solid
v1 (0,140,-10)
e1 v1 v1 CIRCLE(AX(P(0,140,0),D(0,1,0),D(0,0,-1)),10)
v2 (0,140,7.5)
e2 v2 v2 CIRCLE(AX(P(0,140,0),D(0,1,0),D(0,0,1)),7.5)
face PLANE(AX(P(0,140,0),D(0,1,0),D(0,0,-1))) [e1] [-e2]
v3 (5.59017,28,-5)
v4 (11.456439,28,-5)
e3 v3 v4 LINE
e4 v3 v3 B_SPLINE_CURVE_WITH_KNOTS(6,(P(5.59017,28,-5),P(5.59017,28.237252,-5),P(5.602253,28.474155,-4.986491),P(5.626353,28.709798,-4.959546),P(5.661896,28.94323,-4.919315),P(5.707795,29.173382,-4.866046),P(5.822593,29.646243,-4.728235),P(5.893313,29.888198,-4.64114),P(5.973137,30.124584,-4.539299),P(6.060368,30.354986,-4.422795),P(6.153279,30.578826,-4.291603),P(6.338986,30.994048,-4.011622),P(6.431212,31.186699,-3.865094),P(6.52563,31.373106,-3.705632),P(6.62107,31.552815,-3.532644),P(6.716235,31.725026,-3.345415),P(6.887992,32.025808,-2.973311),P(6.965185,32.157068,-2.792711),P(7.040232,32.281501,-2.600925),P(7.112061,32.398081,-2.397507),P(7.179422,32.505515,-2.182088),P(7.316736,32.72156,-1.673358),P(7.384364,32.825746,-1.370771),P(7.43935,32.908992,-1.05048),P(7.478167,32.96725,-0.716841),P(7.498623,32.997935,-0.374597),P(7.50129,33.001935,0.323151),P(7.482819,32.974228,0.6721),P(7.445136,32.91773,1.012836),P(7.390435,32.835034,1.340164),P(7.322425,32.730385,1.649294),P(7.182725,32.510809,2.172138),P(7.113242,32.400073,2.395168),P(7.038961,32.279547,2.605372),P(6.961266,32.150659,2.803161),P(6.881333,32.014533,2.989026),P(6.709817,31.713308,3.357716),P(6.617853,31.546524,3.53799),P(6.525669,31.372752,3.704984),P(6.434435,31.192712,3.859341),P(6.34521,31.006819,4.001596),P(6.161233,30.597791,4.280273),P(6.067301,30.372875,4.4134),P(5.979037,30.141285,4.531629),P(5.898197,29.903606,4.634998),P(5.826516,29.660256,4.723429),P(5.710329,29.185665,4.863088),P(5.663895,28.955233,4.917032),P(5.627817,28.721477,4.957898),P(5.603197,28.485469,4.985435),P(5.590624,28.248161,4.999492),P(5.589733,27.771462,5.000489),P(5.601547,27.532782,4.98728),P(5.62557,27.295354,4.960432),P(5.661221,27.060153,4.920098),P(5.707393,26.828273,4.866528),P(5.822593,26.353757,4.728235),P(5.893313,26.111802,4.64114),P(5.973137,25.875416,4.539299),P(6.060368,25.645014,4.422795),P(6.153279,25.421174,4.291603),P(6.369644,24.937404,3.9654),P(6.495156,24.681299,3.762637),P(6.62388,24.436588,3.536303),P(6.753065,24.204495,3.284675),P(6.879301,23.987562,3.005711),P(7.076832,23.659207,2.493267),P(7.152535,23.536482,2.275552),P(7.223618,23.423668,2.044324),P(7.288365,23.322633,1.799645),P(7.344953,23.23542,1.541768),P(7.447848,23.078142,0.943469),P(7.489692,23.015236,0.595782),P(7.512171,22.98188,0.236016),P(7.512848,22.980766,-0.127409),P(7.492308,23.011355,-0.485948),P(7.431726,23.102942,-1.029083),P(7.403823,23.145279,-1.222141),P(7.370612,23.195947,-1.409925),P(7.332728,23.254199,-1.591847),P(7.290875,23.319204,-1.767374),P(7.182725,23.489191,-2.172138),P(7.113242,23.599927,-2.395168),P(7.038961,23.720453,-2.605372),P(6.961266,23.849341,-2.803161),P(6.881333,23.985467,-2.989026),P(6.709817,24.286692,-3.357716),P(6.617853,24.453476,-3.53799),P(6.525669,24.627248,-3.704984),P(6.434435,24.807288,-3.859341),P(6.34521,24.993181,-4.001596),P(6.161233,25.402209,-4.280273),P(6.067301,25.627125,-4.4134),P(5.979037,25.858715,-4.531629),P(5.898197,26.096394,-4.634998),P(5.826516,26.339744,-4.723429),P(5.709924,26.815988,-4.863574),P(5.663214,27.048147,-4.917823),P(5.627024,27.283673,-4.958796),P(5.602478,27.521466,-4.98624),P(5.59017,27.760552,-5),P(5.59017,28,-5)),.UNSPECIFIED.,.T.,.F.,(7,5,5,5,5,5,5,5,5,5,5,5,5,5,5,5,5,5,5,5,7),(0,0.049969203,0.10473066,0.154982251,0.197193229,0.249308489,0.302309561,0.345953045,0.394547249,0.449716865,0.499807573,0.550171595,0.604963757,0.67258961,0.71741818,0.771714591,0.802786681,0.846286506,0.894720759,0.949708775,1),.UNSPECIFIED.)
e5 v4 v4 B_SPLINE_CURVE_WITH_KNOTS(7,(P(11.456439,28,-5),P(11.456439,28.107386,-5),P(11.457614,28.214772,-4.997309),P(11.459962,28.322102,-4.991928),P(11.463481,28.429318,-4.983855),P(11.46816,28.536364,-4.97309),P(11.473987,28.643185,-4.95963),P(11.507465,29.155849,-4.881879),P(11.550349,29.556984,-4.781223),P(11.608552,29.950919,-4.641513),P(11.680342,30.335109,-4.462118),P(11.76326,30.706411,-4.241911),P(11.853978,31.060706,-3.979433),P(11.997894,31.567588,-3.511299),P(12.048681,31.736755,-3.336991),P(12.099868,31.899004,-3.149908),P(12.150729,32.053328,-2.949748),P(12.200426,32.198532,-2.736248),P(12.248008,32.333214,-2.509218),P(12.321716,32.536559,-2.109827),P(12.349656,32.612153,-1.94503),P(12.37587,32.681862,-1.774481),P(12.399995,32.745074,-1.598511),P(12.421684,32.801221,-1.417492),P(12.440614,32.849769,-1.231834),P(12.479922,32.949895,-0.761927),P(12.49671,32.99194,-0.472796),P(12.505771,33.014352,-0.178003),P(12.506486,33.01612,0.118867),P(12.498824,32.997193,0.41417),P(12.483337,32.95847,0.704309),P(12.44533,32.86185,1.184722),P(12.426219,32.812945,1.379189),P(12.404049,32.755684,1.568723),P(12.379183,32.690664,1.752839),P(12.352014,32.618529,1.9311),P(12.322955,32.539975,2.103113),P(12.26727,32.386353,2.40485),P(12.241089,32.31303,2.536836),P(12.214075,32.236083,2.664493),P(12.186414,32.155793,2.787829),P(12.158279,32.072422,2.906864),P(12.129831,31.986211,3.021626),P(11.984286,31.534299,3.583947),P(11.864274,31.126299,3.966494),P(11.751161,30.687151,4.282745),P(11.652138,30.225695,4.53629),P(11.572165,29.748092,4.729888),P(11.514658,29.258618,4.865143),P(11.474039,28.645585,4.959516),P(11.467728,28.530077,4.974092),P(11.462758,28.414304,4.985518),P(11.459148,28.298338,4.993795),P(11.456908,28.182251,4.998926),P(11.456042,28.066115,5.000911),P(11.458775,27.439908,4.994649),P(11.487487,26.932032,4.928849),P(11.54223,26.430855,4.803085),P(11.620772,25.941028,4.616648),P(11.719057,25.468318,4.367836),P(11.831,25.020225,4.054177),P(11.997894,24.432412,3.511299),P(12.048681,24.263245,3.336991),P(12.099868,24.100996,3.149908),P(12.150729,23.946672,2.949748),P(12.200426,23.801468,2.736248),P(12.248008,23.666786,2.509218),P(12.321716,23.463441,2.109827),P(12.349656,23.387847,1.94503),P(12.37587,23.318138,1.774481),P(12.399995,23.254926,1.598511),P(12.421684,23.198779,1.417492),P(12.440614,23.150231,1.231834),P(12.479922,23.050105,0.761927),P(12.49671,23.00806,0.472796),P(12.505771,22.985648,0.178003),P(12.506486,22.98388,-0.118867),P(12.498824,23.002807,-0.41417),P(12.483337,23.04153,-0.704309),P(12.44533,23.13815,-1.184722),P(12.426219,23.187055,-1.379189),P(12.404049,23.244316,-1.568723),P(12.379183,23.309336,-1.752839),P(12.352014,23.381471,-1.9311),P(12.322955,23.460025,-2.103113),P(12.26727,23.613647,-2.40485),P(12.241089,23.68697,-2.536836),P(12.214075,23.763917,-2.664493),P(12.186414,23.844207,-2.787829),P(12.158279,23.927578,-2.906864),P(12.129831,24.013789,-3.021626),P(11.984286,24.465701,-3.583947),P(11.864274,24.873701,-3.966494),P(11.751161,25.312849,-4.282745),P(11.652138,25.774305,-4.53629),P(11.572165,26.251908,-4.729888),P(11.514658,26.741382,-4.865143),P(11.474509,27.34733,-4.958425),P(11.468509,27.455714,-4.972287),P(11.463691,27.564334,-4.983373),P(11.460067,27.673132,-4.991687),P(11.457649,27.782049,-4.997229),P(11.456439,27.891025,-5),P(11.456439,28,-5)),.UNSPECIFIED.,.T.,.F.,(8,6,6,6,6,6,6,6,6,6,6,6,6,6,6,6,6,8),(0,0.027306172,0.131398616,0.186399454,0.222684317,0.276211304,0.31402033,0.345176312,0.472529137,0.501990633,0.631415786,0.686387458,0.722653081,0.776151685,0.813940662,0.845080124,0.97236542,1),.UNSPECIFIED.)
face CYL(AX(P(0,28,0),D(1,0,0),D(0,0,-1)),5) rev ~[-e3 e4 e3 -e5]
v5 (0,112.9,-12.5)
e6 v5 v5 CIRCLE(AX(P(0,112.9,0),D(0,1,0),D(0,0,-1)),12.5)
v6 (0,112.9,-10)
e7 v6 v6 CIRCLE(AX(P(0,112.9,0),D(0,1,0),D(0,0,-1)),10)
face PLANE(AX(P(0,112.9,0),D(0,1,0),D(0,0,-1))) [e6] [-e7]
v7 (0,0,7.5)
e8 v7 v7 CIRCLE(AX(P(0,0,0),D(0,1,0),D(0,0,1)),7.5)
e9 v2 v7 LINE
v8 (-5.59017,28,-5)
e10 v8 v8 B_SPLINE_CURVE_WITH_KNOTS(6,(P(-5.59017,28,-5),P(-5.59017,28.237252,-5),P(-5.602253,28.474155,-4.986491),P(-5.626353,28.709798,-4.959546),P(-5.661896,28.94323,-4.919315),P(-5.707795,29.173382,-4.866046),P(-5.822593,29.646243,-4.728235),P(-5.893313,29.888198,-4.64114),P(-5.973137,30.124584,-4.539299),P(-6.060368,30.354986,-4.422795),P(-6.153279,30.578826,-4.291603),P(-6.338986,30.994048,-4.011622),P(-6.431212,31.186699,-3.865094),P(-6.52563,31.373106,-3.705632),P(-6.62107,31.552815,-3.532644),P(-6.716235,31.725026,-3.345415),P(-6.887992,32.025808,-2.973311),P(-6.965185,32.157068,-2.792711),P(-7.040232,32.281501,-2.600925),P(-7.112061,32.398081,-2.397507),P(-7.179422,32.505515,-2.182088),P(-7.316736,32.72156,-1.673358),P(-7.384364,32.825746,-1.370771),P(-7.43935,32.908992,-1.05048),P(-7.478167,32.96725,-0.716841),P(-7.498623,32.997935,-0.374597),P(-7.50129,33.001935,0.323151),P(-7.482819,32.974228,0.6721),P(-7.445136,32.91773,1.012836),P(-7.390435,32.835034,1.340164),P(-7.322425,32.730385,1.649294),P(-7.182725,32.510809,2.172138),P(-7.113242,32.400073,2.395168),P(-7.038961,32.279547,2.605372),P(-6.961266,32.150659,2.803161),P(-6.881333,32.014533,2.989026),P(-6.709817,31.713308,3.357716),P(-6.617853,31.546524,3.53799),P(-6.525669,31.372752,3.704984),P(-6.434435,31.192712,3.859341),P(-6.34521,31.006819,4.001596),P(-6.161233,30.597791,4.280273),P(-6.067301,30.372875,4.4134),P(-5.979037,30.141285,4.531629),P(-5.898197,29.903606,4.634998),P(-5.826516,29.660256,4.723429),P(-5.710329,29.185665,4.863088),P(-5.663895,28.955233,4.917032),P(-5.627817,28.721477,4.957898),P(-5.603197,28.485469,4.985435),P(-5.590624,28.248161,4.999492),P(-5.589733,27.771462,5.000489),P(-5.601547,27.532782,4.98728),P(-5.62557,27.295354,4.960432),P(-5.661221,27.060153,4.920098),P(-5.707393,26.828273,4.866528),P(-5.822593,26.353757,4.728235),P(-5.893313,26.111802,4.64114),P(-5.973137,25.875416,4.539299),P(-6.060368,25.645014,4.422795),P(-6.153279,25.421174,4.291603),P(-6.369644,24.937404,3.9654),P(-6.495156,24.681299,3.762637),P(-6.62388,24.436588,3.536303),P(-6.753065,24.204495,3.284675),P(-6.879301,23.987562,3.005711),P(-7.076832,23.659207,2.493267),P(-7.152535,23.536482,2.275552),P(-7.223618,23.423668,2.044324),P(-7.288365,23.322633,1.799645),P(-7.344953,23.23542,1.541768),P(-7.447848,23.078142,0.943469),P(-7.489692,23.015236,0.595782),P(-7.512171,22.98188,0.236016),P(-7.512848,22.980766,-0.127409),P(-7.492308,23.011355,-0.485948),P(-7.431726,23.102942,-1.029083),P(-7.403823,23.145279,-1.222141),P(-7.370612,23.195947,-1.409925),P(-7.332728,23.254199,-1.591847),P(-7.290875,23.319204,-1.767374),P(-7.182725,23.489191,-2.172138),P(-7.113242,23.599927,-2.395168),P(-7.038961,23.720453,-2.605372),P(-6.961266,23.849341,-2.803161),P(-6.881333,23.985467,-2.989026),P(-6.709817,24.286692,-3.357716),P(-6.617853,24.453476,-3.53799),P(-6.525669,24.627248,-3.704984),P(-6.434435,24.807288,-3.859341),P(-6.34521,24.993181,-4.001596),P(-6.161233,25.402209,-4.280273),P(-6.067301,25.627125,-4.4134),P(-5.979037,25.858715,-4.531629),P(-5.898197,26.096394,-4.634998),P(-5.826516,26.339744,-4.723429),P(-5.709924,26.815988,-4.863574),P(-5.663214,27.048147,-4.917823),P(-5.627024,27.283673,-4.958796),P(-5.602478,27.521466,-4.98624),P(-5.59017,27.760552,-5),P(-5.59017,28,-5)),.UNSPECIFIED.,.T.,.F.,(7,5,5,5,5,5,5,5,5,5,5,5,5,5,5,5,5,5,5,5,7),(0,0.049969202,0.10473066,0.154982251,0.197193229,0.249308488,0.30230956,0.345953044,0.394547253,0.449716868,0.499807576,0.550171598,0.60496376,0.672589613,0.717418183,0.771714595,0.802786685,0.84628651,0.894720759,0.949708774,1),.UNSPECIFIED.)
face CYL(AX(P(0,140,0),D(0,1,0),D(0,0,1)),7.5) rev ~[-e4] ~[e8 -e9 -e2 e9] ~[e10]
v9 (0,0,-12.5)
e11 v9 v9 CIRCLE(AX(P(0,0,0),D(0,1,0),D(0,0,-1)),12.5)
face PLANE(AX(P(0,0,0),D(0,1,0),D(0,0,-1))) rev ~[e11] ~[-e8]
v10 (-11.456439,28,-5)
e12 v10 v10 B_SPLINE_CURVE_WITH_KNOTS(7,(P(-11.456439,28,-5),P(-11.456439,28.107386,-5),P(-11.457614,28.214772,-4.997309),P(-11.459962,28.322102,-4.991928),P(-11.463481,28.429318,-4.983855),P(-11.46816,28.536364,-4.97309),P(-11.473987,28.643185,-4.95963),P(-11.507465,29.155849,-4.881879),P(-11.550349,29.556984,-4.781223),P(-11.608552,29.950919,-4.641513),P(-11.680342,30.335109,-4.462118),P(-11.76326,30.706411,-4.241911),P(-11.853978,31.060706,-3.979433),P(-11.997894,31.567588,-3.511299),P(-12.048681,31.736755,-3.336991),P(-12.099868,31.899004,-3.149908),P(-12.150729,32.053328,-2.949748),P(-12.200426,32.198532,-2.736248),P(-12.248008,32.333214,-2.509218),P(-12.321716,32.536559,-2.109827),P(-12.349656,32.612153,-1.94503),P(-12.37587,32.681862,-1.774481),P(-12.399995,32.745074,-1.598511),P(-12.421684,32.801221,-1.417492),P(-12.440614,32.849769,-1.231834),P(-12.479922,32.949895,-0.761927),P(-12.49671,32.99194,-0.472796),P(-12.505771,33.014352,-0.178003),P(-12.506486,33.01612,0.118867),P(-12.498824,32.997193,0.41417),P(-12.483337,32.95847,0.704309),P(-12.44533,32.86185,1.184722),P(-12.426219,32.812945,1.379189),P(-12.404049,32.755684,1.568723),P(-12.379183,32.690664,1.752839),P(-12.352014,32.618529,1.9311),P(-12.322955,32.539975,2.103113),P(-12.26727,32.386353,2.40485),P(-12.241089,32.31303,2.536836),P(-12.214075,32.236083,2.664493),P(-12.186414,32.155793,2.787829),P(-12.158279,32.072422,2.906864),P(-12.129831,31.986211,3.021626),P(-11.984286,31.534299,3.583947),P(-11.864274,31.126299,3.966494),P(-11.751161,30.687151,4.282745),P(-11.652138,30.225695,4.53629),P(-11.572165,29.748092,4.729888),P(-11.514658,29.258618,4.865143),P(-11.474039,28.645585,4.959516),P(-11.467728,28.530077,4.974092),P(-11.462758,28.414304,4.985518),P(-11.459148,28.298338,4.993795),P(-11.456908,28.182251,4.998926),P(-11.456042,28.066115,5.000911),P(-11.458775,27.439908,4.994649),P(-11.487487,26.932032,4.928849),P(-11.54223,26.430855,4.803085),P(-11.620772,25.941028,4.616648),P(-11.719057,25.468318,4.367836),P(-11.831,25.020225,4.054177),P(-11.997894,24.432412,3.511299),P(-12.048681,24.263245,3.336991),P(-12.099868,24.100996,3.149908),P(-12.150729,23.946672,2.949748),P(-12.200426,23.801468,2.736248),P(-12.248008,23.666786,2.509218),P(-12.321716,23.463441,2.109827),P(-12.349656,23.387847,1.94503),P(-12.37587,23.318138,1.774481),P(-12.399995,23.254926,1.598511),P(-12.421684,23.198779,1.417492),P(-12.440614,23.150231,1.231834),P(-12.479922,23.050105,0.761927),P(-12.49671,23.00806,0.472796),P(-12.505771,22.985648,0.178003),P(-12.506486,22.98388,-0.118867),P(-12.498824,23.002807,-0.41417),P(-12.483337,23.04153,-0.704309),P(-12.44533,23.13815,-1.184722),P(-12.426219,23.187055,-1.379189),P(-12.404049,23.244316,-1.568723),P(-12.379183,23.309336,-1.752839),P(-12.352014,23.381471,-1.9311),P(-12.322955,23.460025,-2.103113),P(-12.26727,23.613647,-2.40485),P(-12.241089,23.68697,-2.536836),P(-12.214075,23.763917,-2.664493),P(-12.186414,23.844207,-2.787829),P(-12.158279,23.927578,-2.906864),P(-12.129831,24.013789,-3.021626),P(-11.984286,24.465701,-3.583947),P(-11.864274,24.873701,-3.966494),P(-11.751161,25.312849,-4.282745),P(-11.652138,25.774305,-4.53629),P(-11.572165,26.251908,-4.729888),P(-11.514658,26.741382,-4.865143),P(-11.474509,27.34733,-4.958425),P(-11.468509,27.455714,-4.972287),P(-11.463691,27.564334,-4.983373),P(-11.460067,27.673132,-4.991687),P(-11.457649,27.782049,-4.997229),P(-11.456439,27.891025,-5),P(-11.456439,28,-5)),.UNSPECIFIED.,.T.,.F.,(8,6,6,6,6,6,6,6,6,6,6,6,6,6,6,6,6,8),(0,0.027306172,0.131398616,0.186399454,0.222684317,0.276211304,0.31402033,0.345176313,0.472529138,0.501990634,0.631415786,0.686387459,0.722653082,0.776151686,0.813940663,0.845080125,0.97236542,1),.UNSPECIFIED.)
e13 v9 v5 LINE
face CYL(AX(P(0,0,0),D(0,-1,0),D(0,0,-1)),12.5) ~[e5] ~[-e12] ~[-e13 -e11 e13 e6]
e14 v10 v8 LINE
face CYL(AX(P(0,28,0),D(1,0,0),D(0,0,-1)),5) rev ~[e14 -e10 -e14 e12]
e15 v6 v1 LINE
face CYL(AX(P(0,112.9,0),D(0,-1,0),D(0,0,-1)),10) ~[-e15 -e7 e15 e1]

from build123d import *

# Parameters (mm, degrees)
ESBO_O1_R                = 12.5
RESSALTO_EXTRUS_O1_DEPTH = 112.9
ESBO_O2_R                = 10
RESSALTO_EXTRUS_O2_DEPTH = 27.1
ESBO_O3_R                = 7.5
CORTE_EXTRUS_O1_DEPTH    = 142.111657917
ESBO_O5_R                = 5
CORTE_EXTRUS_O2_DEPTH    = 15


with BuildPart() as part:
    # Esboço1 → Ressalto-extrusão1 (new body)
    with BuildSketch(Plane(origin=(0, 0, 0), x_dir=(1, 0, 0), z_dir=(0, 1, 0))):
        with Locations(Location((0, 0, 0), (0, 0, 90))):
            Circle(ESBO_O1_R)
    extrude(amount=RESSALTO_EXTRUS_O1_DEPTH)

    # Esboço2 → Ressalto-extrusão2 (add)
    with BuildSketch(Plane(origin=(0, 112.9, 0), x_dir=(1, 0, 0), z_dir=(0, 1, 0))):
        with Locations(Location((0, 0, 0), (0, 0, 90))):
            Circle(ESBO_O2_R)
    extrude(amount=RESSALTO_EXTRUS_O2_DEPTH)

    # Esboço3 → Corte-extrusão1 (cut, through all)
    with BuildSketch(Plane(origin=(0, 140, 0), x_dir=(1, 0, 0), z_dir=(0, 1, 0))):
        with Locations(Location((0, 0, 0), (0, 0, 270))):
            Circle(ESBO_O3_R)
    extrude(amount=-CORTE_EXTRUS_O1_DEPTH, mode=Mode.SUBTRACT)

    # Esboço5 → Corte-extrusão2 (cut, symmetric)
    with BuildSketch(Plane(origin=(0, 0, 0), x_dir=(0, 0, -1), z_dir=(1, 0, 0))):
        with Locations((0, 28)):
            Circle(ESBO_O5_R)
    extrude(amount=CORTE_EXTRUS_O2_DEPTH, both=True, mode=Mode.SUBTRACT)


solid = part.part
